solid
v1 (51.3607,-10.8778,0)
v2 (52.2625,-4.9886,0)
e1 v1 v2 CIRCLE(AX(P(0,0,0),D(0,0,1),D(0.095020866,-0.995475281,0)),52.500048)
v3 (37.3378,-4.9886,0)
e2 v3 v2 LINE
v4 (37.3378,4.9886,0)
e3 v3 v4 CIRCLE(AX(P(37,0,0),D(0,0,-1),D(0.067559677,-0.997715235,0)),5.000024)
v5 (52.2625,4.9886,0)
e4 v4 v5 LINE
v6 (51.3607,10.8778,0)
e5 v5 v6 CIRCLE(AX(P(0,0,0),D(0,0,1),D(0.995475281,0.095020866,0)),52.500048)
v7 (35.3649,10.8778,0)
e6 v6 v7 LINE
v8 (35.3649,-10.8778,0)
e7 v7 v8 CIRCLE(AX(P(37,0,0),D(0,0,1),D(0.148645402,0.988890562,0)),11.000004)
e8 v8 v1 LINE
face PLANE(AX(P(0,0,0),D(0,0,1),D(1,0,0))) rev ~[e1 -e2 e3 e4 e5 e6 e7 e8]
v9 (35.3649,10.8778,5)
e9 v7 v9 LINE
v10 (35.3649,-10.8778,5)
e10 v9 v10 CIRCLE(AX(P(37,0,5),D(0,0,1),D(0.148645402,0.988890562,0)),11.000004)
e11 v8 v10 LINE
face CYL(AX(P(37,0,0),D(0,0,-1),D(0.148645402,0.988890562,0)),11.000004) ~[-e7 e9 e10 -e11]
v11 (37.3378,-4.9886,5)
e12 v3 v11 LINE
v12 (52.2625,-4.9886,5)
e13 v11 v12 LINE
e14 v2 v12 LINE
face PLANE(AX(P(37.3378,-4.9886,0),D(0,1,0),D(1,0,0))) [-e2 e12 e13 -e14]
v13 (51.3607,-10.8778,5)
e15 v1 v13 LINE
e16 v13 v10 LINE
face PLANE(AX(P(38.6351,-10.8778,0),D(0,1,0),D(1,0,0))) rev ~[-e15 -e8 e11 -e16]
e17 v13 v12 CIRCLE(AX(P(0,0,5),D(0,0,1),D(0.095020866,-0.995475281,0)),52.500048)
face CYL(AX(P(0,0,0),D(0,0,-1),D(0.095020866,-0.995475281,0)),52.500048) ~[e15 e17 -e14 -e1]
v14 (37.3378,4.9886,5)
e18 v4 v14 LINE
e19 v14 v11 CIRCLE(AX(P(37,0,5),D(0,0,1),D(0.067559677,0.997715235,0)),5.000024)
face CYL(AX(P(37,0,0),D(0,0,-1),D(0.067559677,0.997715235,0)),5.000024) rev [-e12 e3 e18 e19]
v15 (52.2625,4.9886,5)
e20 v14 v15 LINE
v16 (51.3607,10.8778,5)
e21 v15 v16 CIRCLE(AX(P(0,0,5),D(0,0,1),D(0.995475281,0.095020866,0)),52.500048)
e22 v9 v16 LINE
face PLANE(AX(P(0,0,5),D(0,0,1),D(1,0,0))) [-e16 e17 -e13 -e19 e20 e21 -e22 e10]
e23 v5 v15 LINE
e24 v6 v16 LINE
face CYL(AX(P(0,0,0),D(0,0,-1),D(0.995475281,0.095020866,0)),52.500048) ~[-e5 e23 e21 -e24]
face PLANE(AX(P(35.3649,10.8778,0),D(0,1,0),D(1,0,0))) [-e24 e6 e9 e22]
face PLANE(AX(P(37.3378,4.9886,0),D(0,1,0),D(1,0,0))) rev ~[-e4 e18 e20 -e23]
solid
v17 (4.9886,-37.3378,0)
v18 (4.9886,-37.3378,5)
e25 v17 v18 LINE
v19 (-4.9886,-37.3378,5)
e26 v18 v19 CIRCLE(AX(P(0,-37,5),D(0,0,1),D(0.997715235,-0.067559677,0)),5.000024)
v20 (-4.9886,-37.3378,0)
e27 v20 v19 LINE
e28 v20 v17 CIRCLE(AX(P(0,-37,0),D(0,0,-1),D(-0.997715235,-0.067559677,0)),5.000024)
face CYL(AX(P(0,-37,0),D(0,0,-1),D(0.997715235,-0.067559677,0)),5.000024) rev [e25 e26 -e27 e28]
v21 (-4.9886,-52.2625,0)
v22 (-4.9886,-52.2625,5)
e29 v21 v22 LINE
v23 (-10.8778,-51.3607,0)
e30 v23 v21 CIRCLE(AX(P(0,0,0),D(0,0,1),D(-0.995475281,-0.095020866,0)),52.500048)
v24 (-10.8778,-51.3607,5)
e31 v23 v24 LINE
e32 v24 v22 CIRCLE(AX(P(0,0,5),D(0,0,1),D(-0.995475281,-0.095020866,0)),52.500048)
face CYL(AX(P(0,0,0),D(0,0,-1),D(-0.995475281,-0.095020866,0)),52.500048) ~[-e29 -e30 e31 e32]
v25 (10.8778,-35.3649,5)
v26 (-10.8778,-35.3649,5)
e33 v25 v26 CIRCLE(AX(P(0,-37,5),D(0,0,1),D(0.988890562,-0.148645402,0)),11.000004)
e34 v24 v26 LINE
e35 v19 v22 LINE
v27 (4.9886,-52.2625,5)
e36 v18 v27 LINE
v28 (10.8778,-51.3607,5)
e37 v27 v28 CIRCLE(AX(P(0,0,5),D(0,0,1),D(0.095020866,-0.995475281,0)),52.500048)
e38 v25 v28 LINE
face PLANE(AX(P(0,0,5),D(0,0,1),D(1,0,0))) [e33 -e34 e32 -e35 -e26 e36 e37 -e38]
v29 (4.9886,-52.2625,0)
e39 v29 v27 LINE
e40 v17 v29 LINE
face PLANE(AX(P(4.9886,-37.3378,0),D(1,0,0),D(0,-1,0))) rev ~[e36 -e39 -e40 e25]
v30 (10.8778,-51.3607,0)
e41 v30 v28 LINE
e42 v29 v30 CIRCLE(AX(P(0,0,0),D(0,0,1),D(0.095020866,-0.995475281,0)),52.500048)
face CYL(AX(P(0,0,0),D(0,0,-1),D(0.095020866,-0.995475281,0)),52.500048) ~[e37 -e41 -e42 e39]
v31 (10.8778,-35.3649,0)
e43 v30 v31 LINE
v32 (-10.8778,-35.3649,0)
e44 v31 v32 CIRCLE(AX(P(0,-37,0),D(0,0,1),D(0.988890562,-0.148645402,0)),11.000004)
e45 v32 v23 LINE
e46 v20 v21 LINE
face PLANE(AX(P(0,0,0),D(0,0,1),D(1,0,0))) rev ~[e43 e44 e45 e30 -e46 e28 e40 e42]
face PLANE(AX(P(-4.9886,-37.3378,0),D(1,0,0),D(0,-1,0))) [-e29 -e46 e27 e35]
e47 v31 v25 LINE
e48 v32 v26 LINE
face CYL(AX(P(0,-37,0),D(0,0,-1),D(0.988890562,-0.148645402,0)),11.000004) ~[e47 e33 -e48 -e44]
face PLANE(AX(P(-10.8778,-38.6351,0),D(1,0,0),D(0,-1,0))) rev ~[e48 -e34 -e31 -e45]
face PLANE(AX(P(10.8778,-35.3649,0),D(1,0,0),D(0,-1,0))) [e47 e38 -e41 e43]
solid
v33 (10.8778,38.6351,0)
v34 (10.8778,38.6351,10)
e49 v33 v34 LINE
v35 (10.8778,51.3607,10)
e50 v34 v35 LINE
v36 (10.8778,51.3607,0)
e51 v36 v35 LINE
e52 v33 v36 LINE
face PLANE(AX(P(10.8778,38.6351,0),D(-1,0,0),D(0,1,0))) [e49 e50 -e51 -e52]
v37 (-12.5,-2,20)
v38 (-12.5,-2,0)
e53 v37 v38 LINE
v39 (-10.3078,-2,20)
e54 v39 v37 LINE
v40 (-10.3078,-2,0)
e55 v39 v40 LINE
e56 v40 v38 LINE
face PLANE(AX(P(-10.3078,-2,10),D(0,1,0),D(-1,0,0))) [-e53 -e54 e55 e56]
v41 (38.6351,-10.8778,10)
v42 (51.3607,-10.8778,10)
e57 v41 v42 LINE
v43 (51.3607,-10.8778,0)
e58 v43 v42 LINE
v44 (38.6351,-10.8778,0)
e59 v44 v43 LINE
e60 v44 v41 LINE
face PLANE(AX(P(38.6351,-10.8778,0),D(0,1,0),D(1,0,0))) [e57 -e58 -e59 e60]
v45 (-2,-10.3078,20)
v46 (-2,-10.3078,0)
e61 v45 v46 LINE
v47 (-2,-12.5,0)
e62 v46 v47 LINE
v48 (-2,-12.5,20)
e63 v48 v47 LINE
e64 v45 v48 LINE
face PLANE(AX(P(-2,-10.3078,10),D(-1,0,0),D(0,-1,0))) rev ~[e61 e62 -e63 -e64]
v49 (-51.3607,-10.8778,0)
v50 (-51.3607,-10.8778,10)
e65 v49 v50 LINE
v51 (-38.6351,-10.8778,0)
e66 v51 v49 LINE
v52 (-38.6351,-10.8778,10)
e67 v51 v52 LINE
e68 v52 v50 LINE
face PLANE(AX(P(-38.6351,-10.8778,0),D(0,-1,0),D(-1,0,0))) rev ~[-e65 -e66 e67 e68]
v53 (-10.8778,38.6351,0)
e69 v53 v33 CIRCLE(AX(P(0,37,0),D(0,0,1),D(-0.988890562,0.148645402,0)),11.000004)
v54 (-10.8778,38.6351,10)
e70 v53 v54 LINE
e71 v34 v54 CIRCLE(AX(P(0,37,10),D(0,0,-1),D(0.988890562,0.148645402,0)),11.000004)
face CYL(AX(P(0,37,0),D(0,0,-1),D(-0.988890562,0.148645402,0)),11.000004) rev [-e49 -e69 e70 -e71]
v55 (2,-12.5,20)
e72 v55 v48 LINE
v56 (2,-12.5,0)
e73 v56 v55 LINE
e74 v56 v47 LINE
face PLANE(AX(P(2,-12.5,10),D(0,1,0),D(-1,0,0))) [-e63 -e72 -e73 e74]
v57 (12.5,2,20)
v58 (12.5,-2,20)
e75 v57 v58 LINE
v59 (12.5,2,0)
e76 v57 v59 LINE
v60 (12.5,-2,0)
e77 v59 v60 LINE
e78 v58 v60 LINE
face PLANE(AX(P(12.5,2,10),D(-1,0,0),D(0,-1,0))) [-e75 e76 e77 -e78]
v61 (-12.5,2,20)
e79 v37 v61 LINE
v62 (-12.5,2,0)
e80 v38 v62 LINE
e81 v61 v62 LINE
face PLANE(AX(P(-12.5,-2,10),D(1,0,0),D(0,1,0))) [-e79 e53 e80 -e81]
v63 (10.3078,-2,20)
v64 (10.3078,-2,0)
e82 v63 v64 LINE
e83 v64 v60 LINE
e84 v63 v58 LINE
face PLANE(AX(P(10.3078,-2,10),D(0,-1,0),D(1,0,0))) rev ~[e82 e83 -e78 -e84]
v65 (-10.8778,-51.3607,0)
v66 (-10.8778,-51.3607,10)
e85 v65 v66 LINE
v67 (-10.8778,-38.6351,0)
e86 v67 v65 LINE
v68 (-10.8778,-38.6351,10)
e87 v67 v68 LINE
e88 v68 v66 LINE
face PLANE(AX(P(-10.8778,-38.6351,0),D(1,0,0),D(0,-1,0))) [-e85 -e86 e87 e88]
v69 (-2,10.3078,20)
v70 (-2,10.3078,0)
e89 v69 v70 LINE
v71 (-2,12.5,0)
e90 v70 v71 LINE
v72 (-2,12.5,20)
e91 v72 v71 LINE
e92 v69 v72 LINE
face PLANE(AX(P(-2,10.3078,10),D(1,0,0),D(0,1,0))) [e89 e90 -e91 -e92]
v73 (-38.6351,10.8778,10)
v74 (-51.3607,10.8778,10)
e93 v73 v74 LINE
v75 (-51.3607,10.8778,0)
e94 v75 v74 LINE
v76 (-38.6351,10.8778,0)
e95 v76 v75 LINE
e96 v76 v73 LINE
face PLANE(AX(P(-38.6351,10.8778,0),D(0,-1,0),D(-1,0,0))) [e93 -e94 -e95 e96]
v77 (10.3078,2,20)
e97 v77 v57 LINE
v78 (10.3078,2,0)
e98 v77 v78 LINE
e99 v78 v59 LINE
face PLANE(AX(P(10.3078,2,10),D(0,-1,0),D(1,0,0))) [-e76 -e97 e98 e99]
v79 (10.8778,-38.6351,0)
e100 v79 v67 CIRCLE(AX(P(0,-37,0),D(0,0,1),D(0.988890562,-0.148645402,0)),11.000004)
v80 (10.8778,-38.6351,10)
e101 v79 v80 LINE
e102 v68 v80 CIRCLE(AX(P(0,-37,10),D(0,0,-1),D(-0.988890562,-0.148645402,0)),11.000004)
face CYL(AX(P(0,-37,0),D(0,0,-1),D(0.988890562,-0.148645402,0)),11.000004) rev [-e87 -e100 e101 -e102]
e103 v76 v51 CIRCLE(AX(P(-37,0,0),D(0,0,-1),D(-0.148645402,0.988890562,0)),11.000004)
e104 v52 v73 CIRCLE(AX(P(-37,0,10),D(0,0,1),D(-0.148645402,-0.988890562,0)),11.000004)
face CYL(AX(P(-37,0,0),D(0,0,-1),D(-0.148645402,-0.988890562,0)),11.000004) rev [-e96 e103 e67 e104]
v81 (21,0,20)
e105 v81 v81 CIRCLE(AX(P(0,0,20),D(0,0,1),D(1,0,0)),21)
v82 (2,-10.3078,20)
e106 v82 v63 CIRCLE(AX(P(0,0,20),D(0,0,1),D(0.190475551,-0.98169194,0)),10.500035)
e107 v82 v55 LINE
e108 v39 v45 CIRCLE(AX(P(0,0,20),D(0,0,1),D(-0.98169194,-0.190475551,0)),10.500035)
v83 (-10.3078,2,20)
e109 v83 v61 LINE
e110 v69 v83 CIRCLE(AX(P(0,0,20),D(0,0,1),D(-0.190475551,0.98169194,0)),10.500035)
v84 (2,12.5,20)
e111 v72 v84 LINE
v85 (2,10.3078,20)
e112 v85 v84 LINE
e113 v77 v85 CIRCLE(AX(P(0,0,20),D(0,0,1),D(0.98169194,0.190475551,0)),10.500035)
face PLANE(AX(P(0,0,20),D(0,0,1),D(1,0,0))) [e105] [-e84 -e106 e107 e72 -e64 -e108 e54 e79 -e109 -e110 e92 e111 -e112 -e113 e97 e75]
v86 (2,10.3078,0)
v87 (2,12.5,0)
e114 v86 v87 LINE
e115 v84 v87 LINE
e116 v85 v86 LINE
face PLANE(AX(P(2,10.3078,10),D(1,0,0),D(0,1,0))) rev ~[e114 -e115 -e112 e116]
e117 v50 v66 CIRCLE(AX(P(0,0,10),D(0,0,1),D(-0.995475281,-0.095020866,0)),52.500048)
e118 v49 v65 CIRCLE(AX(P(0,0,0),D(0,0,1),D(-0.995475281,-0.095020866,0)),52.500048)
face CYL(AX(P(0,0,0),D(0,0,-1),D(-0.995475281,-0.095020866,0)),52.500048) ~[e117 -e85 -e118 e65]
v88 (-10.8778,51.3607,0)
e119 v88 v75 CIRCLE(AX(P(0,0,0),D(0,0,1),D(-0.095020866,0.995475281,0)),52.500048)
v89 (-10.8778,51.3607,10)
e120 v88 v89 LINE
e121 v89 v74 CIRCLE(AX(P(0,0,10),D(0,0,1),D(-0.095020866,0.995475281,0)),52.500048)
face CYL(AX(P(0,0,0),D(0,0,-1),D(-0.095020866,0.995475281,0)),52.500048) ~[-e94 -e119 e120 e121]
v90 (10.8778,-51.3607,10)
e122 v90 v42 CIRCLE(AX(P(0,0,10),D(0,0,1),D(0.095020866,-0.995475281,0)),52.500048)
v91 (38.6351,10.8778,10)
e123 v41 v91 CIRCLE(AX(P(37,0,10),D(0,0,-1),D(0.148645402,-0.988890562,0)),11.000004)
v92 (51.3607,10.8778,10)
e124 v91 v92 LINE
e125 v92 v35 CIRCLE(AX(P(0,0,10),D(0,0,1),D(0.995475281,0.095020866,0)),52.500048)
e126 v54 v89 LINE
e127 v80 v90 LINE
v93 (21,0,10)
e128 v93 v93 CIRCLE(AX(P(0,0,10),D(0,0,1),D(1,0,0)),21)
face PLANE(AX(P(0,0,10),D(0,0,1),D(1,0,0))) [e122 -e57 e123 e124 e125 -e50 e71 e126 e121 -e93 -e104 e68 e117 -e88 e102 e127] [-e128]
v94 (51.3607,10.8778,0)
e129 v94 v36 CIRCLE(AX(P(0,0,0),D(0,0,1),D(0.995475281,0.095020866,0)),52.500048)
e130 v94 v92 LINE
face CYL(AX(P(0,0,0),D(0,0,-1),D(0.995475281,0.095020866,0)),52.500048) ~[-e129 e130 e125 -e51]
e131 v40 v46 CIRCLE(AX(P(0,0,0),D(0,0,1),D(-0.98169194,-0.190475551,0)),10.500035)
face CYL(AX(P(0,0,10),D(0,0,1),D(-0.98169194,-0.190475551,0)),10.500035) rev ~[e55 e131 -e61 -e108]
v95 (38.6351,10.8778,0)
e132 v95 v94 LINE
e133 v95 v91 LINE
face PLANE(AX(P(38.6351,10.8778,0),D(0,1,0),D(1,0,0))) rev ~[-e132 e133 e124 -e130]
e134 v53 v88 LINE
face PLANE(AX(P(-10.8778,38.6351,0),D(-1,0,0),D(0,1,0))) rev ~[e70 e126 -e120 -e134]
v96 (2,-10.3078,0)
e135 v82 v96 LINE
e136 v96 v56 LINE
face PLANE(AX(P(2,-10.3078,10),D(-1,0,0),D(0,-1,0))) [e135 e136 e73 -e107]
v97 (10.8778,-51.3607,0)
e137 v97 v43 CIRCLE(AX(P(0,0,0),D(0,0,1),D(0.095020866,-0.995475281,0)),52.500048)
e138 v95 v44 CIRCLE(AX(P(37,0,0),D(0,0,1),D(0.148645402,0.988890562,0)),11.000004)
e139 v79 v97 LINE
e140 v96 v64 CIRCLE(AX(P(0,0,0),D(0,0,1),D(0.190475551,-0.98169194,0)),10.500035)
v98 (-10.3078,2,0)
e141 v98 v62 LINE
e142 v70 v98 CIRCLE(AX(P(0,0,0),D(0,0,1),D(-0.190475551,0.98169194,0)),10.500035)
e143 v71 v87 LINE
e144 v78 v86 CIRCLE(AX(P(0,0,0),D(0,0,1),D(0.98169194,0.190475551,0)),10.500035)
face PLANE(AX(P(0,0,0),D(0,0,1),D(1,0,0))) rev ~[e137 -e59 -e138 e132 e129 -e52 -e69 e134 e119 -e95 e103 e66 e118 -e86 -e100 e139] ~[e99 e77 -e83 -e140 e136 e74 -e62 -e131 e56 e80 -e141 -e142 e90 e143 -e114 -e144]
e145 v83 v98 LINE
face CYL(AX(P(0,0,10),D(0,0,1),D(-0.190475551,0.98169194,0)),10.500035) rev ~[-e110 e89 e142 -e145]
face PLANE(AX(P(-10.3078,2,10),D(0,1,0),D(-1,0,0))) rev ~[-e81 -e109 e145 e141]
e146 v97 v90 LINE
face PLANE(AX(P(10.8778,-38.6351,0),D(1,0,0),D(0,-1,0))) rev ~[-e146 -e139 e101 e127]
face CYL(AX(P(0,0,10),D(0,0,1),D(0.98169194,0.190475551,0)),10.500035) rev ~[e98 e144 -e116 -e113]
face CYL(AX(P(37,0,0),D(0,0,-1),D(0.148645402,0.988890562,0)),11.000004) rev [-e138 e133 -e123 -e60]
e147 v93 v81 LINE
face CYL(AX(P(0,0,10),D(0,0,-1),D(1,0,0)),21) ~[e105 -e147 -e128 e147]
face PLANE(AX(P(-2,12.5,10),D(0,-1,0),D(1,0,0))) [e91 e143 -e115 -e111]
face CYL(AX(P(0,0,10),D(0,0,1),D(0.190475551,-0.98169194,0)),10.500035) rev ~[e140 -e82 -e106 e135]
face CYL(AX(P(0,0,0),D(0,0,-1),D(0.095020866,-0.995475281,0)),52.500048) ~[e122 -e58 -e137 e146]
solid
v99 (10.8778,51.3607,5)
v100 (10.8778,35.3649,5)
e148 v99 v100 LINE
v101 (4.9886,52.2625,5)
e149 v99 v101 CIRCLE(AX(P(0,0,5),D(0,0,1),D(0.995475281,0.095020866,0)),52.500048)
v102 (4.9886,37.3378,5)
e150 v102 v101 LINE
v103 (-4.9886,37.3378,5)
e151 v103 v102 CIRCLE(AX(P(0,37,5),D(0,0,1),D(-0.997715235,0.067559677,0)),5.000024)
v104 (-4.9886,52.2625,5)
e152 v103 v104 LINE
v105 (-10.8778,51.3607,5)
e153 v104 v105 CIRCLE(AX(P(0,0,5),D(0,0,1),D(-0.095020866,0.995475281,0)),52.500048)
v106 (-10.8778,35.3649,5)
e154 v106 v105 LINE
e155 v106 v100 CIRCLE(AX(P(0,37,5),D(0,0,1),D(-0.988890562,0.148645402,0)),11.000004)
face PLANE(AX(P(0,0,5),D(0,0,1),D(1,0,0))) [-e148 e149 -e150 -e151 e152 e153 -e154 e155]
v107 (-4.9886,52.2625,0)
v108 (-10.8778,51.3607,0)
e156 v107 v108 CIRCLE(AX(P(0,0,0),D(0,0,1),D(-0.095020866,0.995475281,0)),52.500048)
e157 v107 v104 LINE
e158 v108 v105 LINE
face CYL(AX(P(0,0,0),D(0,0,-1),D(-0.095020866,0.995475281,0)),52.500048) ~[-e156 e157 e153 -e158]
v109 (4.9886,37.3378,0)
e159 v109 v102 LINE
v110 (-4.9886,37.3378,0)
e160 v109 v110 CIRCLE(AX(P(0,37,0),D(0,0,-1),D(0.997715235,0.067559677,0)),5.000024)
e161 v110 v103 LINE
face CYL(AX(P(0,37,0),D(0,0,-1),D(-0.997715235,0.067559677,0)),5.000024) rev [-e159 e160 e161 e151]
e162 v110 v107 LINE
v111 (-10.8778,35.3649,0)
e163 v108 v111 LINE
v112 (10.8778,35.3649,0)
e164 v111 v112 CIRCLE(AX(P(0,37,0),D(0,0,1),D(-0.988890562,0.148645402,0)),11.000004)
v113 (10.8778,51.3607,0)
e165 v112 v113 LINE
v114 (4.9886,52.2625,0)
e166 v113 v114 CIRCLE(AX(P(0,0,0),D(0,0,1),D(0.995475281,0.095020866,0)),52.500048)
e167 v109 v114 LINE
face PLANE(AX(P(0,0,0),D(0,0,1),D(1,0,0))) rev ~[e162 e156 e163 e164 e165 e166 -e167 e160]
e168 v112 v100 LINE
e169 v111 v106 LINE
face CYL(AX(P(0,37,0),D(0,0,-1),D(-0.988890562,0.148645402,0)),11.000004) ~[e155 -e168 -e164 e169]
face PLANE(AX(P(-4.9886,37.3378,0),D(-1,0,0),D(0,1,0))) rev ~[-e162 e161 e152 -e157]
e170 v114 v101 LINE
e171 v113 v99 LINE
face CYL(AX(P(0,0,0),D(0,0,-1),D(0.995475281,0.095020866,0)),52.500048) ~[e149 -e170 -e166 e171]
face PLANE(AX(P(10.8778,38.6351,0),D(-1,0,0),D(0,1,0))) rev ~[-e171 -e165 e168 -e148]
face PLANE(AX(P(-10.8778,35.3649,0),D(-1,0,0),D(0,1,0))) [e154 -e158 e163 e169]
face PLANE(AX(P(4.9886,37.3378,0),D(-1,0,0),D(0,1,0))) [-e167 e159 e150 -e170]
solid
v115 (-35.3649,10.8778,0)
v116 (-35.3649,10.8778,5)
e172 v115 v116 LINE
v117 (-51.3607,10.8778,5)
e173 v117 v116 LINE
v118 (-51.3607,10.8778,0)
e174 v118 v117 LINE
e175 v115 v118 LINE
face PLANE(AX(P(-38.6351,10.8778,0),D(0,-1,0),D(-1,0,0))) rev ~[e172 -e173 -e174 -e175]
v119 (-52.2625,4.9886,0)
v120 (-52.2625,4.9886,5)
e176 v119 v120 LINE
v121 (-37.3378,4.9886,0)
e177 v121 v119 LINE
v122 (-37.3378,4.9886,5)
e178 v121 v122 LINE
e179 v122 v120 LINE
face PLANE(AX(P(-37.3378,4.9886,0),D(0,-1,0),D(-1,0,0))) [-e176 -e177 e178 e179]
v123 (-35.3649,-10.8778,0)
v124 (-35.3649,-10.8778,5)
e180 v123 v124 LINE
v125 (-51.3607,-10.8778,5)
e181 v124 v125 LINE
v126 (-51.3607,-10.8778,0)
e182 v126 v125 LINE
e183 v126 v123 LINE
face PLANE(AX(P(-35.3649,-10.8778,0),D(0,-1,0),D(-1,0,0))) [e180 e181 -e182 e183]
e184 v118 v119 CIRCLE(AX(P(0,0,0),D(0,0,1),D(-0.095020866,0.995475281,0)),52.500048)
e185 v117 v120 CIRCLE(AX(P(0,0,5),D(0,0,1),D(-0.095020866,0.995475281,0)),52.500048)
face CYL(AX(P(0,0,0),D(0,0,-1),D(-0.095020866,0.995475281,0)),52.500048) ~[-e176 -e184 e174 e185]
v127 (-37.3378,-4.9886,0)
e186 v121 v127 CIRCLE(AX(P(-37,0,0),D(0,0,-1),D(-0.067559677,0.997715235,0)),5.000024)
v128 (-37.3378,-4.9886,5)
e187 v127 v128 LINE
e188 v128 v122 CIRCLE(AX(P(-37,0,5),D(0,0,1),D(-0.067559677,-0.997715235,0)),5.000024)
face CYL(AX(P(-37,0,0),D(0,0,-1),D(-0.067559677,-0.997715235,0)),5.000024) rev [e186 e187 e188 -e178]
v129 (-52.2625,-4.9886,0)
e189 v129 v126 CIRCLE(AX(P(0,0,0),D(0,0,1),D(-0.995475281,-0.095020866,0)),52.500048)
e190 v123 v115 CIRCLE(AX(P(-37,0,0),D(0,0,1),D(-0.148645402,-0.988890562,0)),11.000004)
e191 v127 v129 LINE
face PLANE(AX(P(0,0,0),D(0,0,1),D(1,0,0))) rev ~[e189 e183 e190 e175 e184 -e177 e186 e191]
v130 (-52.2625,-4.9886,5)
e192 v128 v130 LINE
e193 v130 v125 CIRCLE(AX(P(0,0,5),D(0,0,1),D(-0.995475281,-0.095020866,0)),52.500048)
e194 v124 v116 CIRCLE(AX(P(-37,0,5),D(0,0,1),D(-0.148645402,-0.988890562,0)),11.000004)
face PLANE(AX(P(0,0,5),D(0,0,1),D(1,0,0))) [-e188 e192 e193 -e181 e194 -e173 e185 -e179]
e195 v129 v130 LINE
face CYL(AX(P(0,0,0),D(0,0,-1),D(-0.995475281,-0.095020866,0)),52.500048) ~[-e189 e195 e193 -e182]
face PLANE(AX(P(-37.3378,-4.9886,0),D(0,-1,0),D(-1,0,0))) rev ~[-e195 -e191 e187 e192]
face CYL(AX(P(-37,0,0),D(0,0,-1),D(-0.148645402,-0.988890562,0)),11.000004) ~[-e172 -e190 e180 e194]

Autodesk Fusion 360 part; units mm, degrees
sketch "Sketch8" plane through (0, 0, 0) normal (0, 0, 1) x (1, 0, 0)
  line L0 (0, 0) -> (0, 52.5) construction
  line L1 (0, 0) -> (0, -52.5) construction
  line L2 (0, 0) -> (52.5, 0) construction
  line L3 (0, 0) -> (-52.5, 0) construction
  line L4 (-35.3649, 10.8778) -> (-51.3607, 10.8778)
  line L5 (-35.3649, -10.8778) -> (-51.3607, -10.8778)
  line L6 (10.8778, 35.3649) -> (10.8778, 51.3607)
  line L7 (-10.8778, 35.3649) -> (-10.8778, 51.3607)
  line L8 (35.3649, 10.8778) -> (51.3607, 10.8778)
  line L9 (35.3649, -10.8778) -> (51.3607, -10.8778)
  line L10 (10.8778, -35.3649) -> (10.8778, -51.3607)
  line L11 (-10.8778, -35.3649) -> (-10.8778, -51.3607)
  line L12 (-4.9886, 36.6622) -> (-4.9886, 52.2625)
  line L13 (4.9886, 36.6622) -> (4.9886, 52.2625)
  line L14 (36.6622, 4.9886) -> (52.2625, 4.9886)
  line L15 (36.6622, -4.9886) -> (52.2625, -4.9886)
  line L16 (-4.9886, -36.6622) -> (-4.9886, -52.2625)
  line L17 (4.9886, -36.6622) -> (4.9886, -52.2625)
  line L18 (-36.6622, 4.9886) -> (-52.2625, 4.9886)
  line L19 (-36.6622, -4.9886) -> (-52.2625, -4.9886)
  arc A0 (-4.9886, 37.3378) -> (4.9886, 37.3378) centre (0, 37) ccw
  arc A1 (-10.8778, 38.6351) -> (10.8778, 38.6351) centre (0, 37) ccw
  arc A2 (35.3649, 10.8778) -> (36.6622, 4.9886) centre (0, 0) ccw construction
  arc A3 (38.6351, 10.8778) -> (38.6351, -10.8778) centre (37, 0) ccw
  arc A4 (37.3378, 4.9886) -> (37.3378, -4.9886) centre (37, 0) ccw
  arc A5 (10.8778, -38.6351) -> (-10.8778, -38.6351) centre (0, -37) ccw
  arc A6 (4.9886, -37.3378) -> (-4.9886, -37.3378) centre (0, -37) ccw
  arc A7 (-38.6351, -10.8778) -> (-38.6351, 10.8778) centre (-37, 0) ccw
  arc A8 (-37.3378, -4.9886) -> (-37.3378, 4.9886) centre (-37, 0) ccw
  arc A9 (-4.9886, 52.2625) -> (-52.2625, 4.9886) centre (0, 0) ccw
  arc A10 (52.2625, 4.9886) -> (4.9886, 52.2625) centre (0, 0) ccw
  arc A11 (-52.2625, -4.9886) -> (-4.9886, -52.2625) centre (0, 0) ccw
  arc A12 (4.9886, -52.2625) -> (52.2625, -4.9886) centre (0, 0) ccw
  dimension "d65" = 105
  dimension "d66" = 74
  dimension "d67" = 22
  dimension "d68" = 10
extrude "Extrude9" add sketch "Sketch8" along normal blind 10 contours L4 L5 L6 L7 L8 L9 L10 L11 A1 A3 A5 A7 A9 A10 A11 A12 makes body 1
extrude "Extrude10" add sketch "Sketch8" along normal blind 5 separate body contours L4 L5 L18 L19 A7 A8 A9 A11 | L6 L7 L12 L13 A0 A1 A9 A10 | L10 L11 L16 L17 A5 A6 A11 A12 | L8 L9 L14 L15 A3 A4 A10 A12 makes body 2 at (41.3545, 8.9147, 0) makes body 3 at (8.9147, -41.3545, 0) makes body 4 at (-8.9147, 41.3545, 5) makes body 5 at (-41.3545, -8.9147, 0)
sketch "Sketch13" plane through (0, 0, 10) normal (0, 0, 1) x (1, 0, 0)
  circle A0 centre (0, 0) radius 21
  line L0 (2, -12.5) -> (-2, -12.5)
  line L1 (0, 0) -> (0, -12.5) construction
  line L2 (2, -10.3078) -> (2, -12.5)
  line L3 (-2, -10.3078) -> (-2, -12.5)
  line L4 (12.5, 2) -> (12.5, -2)
  line L5 (10.3078, 2) -> (12.5, 2)
  line L6 (10.3078, -2) -> (12.5, -2)
  line L7 (-2, 12.5) -> (2, 12.5)
  line L8 (-2, 10.3078) -> (-2, 12.5)
  line L9 (2, 10.3078) -> (2, 12.5)
  line L10 (-12.5, -2) -> (-12.5, 2)
  line L11 (-10.3078, -2) -> (-12.5, -2)
  line L12 (-10.3078, 2) -> (-12.5, 2)
  arc A1 (-10.3078, -2) -> (-2, -10.3078) centre (0, 0) ccw
  arc A2 (2, -10.3078) -> (10.3078, -2) centre (0, 0) ccw
  arc A3 (10.3078, 2) -> (2, 10.3078) centre (0, 0) ccw
  arc A4 (-2, 10.3078) -> (-10.3078, 2) centre (0, 0) ccw
  arc A5 (10.8778, -38.6351) -> (-10.8778, -38.6351) centre (0, -37) ccw
  line L13 (10.8778, -38.6351) -> (10.8778, -51.3607)
  arc A6 (10.8778, -51.3607) -> (51.3607, -10.8778) centre (0, 0) ccw
  line L14 (51.3607, -10.8778) -> (38.6351, -10.8778)
  arc A7 (38.6351, 10.8778) -> (38.6351, -10.8778) centre (37, 0) ccw
  line L15 (38.6351, 10.8778) -> (51.3607, 10.8778)
  arc A8 (51.3607, 10.8778) -> (10.8778, 51.3607) centre (0, 0) ccw
  line L16 (10.8778, 51.3607) -> (10.8778, 38.6351)
  arc A9 (-10.8778, 38.6351) -> (10.8778, 38.6351) centre (0, 37) ccw
  line L17 (-10.8778, 38.6351) -> (-10.8778, 51.3607)
  arc A10 (-10.8778, 51.3607) -> (-51.3607, 10.8778) centre (0, 0) ccw
  line L18 (-51.3607, 10.8778) -> (-38.6351, 10.8778)
  arc A11 (-38.6351, -10.8778) -> (-38.6351, 10.8778) centre (-37, 0) ccw
  line L19 (-38.6351, -10.8778) -> (-51.3607, -10.8778)
  arc A12 (-51.3607, -10.8778) -> (-10.8778, -51.3607) centre (0, 0) ccw
  line L20 (-10.8778, -51.3607) -> (-10.8778, -38.6351)
  dimension "d83" = 42
  dimension "d84" = 21
  dimension "d90" = 360
  dimension "d95" = 4
  dimension "d97" = 2
extrude "Extrude11" add sketch "Sketch13" along normal blind 10 contours A0 bodies 1
extrude "Extrude12" cut sketch "Sketch13" against normal blind 15 contours L0 L2 L3 L4 L5 L6 L7 L8 L9 L10 L11 L12 A1 A2 A3 A4 bodies 1
